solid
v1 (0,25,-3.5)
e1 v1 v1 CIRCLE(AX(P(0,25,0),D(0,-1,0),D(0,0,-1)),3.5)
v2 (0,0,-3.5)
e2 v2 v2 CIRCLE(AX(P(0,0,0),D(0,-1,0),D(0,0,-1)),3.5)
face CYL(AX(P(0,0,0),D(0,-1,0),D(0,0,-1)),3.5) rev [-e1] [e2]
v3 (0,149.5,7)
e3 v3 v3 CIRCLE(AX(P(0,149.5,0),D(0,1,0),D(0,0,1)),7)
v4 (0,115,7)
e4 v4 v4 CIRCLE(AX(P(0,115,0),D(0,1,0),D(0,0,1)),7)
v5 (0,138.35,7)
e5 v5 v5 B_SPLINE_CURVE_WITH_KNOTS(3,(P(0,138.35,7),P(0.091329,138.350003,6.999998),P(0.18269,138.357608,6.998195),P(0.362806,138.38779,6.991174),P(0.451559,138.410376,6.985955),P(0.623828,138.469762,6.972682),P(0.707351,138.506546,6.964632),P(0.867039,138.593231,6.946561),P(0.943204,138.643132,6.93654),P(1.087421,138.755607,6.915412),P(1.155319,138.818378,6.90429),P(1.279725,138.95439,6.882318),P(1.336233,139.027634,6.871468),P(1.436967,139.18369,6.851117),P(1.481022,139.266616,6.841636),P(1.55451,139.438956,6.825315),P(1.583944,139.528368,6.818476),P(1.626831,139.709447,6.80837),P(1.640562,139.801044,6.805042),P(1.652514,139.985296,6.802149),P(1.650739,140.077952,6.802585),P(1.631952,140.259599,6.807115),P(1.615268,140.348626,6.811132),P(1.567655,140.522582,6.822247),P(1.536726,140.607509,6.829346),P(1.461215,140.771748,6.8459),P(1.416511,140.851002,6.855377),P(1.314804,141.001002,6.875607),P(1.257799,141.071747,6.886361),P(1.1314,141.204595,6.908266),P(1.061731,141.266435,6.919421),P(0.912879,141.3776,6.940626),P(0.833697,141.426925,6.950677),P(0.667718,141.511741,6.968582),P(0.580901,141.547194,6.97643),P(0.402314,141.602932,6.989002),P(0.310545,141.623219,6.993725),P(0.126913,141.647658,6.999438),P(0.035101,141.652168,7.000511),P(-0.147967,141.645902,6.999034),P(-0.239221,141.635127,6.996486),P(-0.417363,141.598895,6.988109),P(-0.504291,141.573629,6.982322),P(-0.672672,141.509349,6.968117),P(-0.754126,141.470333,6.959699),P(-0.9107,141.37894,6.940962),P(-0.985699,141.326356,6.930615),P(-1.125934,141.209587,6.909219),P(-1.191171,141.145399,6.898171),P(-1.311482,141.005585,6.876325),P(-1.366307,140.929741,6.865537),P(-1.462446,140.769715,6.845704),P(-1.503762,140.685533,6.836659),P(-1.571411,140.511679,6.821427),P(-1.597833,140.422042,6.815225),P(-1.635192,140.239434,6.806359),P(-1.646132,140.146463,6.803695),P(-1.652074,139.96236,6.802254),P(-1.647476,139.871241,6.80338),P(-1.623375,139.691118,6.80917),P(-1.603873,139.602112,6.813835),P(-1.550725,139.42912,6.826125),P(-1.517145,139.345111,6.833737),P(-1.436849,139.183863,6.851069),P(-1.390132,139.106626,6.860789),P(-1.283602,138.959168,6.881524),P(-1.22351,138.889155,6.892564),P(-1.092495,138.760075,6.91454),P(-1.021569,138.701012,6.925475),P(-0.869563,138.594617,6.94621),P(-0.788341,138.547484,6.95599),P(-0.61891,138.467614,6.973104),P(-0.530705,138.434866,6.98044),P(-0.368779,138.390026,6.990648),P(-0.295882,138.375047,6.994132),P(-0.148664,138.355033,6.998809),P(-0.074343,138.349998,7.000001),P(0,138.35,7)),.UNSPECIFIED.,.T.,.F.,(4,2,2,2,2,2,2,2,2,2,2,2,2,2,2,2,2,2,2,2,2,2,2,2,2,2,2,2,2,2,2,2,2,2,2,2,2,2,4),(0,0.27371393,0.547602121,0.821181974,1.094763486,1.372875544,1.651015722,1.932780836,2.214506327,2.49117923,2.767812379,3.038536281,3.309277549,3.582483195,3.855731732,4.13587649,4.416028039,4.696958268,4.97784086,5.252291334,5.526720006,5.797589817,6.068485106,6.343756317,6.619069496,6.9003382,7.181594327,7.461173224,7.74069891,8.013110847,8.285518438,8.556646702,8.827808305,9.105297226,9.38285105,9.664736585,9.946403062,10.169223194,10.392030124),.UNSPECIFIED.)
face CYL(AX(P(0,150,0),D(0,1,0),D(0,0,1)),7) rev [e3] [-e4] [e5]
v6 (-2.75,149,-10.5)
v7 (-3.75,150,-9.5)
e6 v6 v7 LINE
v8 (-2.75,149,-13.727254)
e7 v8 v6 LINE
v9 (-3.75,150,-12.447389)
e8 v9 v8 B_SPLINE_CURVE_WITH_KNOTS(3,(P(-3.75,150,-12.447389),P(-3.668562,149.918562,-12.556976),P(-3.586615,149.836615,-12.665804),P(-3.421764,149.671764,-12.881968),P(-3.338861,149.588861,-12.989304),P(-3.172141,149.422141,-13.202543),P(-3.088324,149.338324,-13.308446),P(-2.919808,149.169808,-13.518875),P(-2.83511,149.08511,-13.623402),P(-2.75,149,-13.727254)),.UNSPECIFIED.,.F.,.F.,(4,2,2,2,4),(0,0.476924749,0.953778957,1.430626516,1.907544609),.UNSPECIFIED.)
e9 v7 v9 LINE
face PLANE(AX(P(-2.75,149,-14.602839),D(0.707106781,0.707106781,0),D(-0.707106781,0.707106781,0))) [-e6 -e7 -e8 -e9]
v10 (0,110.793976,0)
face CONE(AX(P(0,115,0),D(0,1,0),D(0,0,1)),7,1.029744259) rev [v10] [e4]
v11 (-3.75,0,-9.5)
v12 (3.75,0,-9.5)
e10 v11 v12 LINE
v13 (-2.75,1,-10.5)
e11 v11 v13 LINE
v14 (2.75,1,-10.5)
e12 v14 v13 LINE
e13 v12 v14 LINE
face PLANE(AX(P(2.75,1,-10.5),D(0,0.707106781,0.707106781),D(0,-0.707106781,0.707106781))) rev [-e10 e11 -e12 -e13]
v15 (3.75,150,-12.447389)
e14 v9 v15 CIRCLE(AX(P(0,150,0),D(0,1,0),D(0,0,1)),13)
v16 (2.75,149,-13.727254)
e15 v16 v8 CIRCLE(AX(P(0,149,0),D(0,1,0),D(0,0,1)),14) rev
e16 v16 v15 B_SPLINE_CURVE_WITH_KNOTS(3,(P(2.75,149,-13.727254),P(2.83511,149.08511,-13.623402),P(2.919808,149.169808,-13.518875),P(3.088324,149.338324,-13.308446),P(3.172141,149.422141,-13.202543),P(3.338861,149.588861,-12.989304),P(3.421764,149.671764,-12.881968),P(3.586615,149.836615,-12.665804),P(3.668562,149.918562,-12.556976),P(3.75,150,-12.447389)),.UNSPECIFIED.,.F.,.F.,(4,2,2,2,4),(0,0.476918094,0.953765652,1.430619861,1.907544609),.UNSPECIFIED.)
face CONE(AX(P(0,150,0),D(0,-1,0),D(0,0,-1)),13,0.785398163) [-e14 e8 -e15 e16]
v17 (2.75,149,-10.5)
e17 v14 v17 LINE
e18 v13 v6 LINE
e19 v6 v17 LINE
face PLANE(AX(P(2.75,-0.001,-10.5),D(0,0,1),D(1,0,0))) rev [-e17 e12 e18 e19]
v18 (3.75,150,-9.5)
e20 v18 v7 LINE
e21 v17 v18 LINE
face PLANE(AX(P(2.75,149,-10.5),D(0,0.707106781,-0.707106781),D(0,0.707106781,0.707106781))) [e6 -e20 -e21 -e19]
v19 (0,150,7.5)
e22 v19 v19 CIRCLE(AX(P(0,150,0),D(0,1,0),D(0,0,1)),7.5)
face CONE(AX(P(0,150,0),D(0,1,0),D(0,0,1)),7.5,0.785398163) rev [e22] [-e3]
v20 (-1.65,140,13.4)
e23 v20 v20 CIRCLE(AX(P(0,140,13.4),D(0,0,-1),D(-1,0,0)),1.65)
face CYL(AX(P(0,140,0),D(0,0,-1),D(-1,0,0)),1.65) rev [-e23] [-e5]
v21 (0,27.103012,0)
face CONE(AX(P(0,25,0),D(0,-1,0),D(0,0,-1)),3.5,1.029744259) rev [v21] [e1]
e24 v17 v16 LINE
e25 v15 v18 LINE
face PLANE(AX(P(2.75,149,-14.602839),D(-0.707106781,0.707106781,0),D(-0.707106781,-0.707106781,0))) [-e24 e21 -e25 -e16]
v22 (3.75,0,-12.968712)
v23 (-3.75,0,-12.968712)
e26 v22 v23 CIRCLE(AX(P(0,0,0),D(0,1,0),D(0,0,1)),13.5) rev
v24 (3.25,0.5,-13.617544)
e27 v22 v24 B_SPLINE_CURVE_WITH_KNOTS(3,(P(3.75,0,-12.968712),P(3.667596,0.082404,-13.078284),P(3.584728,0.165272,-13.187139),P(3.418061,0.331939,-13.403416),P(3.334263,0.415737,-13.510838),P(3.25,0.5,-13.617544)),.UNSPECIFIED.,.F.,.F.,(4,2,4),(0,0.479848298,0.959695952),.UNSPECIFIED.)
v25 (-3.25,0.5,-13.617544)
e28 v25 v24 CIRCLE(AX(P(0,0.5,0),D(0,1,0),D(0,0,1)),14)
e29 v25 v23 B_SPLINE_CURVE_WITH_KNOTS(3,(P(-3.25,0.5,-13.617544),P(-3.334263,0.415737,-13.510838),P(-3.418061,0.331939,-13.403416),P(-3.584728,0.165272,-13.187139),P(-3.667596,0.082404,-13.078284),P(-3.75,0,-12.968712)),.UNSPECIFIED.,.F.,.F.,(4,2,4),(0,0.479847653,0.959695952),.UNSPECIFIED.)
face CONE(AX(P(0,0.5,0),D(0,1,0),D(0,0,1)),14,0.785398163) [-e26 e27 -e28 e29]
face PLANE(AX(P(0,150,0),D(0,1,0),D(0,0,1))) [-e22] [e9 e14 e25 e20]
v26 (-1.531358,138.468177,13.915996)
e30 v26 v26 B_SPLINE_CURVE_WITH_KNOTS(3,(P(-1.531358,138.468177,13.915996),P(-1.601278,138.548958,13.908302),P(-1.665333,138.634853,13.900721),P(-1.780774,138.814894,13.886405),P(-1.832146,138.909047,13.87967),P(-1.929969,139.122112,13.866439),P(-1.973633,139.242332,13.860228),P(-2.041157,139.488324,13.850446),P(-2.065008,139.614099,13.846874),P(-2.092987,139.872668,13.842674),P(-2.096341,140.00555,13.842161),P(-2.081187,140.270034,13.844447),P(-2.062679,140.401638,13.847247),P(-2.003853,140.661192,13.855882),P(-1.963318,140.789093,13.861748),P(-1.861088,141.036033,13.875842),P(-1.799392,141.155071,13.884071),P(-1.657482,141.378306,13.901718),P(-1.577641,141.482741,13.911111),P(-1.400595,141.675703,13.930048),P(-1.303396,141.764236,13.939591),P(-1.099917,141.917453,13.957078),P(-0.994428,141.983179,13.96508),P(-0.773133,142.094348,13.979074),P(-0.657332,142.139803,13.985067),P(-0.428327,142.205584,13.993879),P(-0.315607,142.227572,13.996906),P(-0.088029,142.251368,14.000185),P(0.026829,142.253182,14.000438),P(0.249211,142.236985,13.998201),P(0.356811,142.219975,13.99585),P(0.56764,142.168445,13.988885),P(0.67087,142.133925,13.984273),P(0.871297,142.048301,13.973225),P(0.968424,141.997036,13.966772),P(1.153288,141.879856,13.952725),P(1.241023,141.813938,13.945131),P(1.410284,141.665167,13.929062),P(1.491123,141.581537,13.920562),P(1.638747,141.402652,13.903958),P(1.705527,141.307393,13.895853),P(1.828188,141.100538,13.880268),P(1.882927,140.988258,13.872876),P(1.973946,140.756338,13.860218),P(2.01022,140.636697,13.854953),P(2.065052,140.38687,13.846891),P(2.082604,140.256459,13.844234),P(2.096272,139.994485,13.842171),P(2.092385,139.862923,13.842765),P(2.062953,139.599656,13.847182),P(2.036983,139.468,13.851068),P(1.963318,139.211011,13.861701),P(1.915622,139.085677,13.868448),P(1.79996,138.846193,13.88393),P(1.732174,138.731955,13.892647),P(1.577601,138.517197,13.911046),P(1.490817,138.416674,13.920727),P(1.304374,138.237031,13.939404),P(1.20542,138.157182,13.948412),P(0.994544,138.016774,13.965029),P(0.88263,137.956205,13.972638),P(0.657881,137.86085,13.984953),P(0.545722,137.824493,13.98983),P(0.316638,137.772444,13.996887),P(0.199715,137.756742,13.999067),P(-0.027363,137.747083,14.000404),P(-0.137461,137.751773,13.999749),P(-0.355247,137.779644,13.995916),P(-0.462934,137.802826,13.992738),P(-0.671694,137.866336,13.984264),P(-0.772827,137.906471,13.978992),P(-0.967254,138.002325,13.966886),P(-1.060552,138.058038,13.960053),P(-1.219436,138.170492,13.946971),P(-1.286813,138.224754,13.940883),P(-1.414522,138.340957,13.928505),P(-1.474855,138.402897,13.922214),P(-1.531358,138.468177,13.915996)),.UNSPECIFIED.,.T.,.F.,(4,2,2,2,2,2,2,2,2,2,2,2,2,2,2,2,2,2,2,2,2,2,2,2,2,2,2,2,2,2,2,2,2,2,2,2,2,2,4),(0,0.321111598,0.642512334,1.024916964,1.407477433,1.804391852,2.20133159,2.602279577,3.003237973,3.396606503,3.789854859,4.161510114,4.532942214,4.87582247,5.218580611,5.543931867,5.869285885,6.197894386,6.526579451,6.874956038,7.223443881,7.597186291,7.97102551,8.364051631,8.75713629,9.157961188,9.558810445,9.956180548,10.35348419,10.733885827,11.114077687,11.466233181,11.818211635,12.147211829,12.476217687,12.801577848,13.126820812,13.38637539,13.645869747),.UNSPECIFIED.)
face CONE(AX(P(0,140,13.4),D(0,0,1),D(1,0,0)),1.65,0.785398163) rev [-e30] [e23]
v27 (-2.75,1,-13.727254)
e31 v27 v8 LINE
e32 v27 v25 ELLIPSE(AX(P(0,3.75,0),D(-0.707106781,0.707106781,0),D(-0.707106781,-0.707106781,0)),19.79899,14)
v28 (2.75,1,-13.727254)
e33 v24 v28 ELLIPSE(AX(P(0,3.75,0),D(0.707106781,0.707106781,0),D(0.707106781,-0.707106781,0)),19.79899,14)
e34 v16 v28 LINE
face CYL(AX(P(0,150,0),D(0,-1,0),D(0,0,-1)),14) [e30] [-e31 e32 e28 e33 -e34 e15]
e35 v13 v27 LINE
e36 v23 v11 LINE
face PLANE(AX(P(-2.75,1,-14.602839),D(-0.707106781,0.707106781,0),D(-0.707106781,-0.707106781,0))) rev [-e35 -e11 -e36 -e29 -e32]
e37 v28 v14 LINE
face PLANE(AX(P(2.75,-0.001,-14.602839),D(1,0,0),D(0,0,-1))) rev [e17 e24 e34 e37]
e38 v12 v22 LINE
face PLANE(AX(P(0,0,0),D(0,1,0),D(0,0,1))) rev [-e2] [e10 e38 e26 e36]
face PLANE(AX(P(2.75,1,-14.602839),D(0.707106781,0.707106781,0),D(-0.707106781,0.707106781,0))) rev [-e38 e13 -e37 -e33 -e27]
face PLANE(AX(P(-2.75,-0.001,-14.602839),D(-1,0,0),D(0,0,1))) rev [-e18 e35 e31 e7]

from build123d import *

# Parameters (mm, degrees)
ESQUISSE1_R                               = 14
BOSS_EXTRU_1_DEPTH                        = 150
CHANFREIN1_SIZE                           = 1
DIAM_TRE_DU_PER_AGE_14_0_14_1_D           = 14
DIAM_TRE_DU_PER_AGE_14_0_14_1_DEPTH       = 35
DIAM_TRE_DU_PER_AGE_14_0_14_1_CSINK_D     = 15
DIAM_TRE_DU_PER_AGE_14_0_14_1_CSINK_ANGLE = 90
DIAM_TRE_DU_PER_AGE_14_0_14_1_TIP         = 4.206024333
CHANFREIN2_SIZE                           = 0.5
TROU_TARAUD_M8X1_01_D                     = 7
TROU_TARAUD_M8X1_01_DEPTH                 = 25
TROU_TARAUD_M8X1_01_TIP                   = 2.103012167
ENL_V_MAT_EXTRU_1_REACH                   = 152
ESQUISSE13_W                              = 5.5
ESQUISSE13_H                              = 4.102839415
CHANFREIN3_SIZE                           = 1
CHANFREIN4_SIZE                           = 1


with BuildPart() as part:
    # Esquisse1 → Boss.-Extru.1 (new body)
    with BuildSketch(Plane(origin=(0, 0, 0), x_dir=(1, 0, 0), z_dir=(0, 1, 0))):
        with Locations(Location((0, 0, 0), (0, 0, 270))):  # turned: the seam where the file's is
            Circle(ESQUISSE1_R)
    extrude(amount=BOSS_EXTRU_1_DEPTH)

    # Chanfrein1
    chanfrein1_edges = [part.edges().sort_by_distance(p)[0] for p in [
        (0, 150, -14),
    ]]
    chamfer(chanfrein1_edges, length=CHANFREIN1_SIZE)

    # Diamètre du perçage Ø14.0 (14)1
    with Locations(Plane(origin=(0, 150, 0), x_dir=(-1, 0, 0), z_dir=(0, 1, 0))):
        with Locations((0, 0)):
            CounterSinkHole(DIAM_TRE_DU_PER_AGE_14_0_14_1_D / 2, DIAM_TRE_DU_PER_AGE_14_0_14_1_CSINK_D / 2, depth=DIAM_TRE_DU_PER_AGE_14_0_14_1_DEPTH, counter_sink_angle=DIAM_TRE_DU_PER_AGE_14_0_14_1_CSINK_ANGLE)
            with Locations((0, 0, -(DIAM_TRE_DU_PER_AGE_14_0_14_1_DEPTH + DIAM_TRE_DU_PER_AGE_14_0_14_1_TIP / 2))):  # 118° drill point
                Cone(0, DIAM_TRE_DU_PER_AGE_14_0_14_1_D / 2, DIAM_TRE_DU_PER_AGE_14_0_14_1_TIP, mode=Mode.SUBTRACT)

    # Chanfrein2
    chanfrein2_edges = [part.edges().sort_by_distance(p)[0] for p in [
        (0, 0, -14),
    ]]
    chamfer(chanfrein2_edges, length=CHANFREIN2_SIZE)

    # Trou taraudé M8x1.01
    with Locations(Plane.XZ):
        with Locations((0, 0)):
            Hole(TROU_TARAUD_M8X1_01_D / 2, depth=TROU_TARAUD_M8X1_01_DEPTH)
            with Locations((0, 0, -(TROU_TARAUD_M8X1_01_DEPTH + TROU_TARAUD_M8X1_01_TIP / 2))):  # 118° drill point
                Cone(0, TROU_TARAUD_M8X1_01_D / 2, TROU_TARAUD_M8X1_01_TIP, mode=Mode.SUBTRACT)

    # Esquisse11 → Trou taraudé M42 (revolve, cut)
    with BuildSketch(Plane(origin=(0, 140, 0), x_dir=(0, 1, 0), z_dir=(1, 0, 0))):
        Polygon((0, 0), (0, 14), (2.25, 14), (1.65, 13.4), (1.65, 0), align=None)
    revolve(axis=Axis((0, 140, -6.35), (0, 0, 1)), mode=Mode.SUBTRACT)

    # Esquisse13 → Enlèv. mat.-Extru.1 (cut, up to next)
    with BuildSketch(Plane(origin=(0, 150, 0), x_dir=(-1, 0, 0), z_dir=(0, 1, 0)), mode=Mode.PRIVATE) as enl_v_mat_extru_1_sk1:
        with Locations((0, -12.551419707)):
            Rectangle(ESQUISSE13_W, ESQUISSE13_H)
    enl_v_mat_extru_1_tool1 = extrude(enl_v_mat_extru_1_sk1.sketch, amount=-ENL_V_MAT_EXTRU_1_REACH, mode=Mode.PRIVATE) & part.part
    add(enl_v_mat_extru_1_tool1.solids().sort_by_distance((0, 150, -12.55142))[0], mode=Mode.SUBTRACT)

    # Chanfrein3
    chanfrein3_edges = [part.edges().sort_by_distance(p)[0] for p in [
        (2.75, 0, -11.858469944),
        (-2.75, 0, -11.858469944),
        (0, 0, -10.5),
    ]]
    chamfer(chanfrein3_edges, length=CHANFREIN3_SIZE)

    # Chanfrein4
    chanfrein4_edges = [part.edges().sort_by_distance(p)[0] for p in [
        (2.75, 150, -11.60290288),
        (-2.75, 150, -11.60290288),
        (0, 150, -10.5),
    ]]
    chamfer(chanfrein4_edges, length=CHANFREIN4_SIZE)


solid = part.part
